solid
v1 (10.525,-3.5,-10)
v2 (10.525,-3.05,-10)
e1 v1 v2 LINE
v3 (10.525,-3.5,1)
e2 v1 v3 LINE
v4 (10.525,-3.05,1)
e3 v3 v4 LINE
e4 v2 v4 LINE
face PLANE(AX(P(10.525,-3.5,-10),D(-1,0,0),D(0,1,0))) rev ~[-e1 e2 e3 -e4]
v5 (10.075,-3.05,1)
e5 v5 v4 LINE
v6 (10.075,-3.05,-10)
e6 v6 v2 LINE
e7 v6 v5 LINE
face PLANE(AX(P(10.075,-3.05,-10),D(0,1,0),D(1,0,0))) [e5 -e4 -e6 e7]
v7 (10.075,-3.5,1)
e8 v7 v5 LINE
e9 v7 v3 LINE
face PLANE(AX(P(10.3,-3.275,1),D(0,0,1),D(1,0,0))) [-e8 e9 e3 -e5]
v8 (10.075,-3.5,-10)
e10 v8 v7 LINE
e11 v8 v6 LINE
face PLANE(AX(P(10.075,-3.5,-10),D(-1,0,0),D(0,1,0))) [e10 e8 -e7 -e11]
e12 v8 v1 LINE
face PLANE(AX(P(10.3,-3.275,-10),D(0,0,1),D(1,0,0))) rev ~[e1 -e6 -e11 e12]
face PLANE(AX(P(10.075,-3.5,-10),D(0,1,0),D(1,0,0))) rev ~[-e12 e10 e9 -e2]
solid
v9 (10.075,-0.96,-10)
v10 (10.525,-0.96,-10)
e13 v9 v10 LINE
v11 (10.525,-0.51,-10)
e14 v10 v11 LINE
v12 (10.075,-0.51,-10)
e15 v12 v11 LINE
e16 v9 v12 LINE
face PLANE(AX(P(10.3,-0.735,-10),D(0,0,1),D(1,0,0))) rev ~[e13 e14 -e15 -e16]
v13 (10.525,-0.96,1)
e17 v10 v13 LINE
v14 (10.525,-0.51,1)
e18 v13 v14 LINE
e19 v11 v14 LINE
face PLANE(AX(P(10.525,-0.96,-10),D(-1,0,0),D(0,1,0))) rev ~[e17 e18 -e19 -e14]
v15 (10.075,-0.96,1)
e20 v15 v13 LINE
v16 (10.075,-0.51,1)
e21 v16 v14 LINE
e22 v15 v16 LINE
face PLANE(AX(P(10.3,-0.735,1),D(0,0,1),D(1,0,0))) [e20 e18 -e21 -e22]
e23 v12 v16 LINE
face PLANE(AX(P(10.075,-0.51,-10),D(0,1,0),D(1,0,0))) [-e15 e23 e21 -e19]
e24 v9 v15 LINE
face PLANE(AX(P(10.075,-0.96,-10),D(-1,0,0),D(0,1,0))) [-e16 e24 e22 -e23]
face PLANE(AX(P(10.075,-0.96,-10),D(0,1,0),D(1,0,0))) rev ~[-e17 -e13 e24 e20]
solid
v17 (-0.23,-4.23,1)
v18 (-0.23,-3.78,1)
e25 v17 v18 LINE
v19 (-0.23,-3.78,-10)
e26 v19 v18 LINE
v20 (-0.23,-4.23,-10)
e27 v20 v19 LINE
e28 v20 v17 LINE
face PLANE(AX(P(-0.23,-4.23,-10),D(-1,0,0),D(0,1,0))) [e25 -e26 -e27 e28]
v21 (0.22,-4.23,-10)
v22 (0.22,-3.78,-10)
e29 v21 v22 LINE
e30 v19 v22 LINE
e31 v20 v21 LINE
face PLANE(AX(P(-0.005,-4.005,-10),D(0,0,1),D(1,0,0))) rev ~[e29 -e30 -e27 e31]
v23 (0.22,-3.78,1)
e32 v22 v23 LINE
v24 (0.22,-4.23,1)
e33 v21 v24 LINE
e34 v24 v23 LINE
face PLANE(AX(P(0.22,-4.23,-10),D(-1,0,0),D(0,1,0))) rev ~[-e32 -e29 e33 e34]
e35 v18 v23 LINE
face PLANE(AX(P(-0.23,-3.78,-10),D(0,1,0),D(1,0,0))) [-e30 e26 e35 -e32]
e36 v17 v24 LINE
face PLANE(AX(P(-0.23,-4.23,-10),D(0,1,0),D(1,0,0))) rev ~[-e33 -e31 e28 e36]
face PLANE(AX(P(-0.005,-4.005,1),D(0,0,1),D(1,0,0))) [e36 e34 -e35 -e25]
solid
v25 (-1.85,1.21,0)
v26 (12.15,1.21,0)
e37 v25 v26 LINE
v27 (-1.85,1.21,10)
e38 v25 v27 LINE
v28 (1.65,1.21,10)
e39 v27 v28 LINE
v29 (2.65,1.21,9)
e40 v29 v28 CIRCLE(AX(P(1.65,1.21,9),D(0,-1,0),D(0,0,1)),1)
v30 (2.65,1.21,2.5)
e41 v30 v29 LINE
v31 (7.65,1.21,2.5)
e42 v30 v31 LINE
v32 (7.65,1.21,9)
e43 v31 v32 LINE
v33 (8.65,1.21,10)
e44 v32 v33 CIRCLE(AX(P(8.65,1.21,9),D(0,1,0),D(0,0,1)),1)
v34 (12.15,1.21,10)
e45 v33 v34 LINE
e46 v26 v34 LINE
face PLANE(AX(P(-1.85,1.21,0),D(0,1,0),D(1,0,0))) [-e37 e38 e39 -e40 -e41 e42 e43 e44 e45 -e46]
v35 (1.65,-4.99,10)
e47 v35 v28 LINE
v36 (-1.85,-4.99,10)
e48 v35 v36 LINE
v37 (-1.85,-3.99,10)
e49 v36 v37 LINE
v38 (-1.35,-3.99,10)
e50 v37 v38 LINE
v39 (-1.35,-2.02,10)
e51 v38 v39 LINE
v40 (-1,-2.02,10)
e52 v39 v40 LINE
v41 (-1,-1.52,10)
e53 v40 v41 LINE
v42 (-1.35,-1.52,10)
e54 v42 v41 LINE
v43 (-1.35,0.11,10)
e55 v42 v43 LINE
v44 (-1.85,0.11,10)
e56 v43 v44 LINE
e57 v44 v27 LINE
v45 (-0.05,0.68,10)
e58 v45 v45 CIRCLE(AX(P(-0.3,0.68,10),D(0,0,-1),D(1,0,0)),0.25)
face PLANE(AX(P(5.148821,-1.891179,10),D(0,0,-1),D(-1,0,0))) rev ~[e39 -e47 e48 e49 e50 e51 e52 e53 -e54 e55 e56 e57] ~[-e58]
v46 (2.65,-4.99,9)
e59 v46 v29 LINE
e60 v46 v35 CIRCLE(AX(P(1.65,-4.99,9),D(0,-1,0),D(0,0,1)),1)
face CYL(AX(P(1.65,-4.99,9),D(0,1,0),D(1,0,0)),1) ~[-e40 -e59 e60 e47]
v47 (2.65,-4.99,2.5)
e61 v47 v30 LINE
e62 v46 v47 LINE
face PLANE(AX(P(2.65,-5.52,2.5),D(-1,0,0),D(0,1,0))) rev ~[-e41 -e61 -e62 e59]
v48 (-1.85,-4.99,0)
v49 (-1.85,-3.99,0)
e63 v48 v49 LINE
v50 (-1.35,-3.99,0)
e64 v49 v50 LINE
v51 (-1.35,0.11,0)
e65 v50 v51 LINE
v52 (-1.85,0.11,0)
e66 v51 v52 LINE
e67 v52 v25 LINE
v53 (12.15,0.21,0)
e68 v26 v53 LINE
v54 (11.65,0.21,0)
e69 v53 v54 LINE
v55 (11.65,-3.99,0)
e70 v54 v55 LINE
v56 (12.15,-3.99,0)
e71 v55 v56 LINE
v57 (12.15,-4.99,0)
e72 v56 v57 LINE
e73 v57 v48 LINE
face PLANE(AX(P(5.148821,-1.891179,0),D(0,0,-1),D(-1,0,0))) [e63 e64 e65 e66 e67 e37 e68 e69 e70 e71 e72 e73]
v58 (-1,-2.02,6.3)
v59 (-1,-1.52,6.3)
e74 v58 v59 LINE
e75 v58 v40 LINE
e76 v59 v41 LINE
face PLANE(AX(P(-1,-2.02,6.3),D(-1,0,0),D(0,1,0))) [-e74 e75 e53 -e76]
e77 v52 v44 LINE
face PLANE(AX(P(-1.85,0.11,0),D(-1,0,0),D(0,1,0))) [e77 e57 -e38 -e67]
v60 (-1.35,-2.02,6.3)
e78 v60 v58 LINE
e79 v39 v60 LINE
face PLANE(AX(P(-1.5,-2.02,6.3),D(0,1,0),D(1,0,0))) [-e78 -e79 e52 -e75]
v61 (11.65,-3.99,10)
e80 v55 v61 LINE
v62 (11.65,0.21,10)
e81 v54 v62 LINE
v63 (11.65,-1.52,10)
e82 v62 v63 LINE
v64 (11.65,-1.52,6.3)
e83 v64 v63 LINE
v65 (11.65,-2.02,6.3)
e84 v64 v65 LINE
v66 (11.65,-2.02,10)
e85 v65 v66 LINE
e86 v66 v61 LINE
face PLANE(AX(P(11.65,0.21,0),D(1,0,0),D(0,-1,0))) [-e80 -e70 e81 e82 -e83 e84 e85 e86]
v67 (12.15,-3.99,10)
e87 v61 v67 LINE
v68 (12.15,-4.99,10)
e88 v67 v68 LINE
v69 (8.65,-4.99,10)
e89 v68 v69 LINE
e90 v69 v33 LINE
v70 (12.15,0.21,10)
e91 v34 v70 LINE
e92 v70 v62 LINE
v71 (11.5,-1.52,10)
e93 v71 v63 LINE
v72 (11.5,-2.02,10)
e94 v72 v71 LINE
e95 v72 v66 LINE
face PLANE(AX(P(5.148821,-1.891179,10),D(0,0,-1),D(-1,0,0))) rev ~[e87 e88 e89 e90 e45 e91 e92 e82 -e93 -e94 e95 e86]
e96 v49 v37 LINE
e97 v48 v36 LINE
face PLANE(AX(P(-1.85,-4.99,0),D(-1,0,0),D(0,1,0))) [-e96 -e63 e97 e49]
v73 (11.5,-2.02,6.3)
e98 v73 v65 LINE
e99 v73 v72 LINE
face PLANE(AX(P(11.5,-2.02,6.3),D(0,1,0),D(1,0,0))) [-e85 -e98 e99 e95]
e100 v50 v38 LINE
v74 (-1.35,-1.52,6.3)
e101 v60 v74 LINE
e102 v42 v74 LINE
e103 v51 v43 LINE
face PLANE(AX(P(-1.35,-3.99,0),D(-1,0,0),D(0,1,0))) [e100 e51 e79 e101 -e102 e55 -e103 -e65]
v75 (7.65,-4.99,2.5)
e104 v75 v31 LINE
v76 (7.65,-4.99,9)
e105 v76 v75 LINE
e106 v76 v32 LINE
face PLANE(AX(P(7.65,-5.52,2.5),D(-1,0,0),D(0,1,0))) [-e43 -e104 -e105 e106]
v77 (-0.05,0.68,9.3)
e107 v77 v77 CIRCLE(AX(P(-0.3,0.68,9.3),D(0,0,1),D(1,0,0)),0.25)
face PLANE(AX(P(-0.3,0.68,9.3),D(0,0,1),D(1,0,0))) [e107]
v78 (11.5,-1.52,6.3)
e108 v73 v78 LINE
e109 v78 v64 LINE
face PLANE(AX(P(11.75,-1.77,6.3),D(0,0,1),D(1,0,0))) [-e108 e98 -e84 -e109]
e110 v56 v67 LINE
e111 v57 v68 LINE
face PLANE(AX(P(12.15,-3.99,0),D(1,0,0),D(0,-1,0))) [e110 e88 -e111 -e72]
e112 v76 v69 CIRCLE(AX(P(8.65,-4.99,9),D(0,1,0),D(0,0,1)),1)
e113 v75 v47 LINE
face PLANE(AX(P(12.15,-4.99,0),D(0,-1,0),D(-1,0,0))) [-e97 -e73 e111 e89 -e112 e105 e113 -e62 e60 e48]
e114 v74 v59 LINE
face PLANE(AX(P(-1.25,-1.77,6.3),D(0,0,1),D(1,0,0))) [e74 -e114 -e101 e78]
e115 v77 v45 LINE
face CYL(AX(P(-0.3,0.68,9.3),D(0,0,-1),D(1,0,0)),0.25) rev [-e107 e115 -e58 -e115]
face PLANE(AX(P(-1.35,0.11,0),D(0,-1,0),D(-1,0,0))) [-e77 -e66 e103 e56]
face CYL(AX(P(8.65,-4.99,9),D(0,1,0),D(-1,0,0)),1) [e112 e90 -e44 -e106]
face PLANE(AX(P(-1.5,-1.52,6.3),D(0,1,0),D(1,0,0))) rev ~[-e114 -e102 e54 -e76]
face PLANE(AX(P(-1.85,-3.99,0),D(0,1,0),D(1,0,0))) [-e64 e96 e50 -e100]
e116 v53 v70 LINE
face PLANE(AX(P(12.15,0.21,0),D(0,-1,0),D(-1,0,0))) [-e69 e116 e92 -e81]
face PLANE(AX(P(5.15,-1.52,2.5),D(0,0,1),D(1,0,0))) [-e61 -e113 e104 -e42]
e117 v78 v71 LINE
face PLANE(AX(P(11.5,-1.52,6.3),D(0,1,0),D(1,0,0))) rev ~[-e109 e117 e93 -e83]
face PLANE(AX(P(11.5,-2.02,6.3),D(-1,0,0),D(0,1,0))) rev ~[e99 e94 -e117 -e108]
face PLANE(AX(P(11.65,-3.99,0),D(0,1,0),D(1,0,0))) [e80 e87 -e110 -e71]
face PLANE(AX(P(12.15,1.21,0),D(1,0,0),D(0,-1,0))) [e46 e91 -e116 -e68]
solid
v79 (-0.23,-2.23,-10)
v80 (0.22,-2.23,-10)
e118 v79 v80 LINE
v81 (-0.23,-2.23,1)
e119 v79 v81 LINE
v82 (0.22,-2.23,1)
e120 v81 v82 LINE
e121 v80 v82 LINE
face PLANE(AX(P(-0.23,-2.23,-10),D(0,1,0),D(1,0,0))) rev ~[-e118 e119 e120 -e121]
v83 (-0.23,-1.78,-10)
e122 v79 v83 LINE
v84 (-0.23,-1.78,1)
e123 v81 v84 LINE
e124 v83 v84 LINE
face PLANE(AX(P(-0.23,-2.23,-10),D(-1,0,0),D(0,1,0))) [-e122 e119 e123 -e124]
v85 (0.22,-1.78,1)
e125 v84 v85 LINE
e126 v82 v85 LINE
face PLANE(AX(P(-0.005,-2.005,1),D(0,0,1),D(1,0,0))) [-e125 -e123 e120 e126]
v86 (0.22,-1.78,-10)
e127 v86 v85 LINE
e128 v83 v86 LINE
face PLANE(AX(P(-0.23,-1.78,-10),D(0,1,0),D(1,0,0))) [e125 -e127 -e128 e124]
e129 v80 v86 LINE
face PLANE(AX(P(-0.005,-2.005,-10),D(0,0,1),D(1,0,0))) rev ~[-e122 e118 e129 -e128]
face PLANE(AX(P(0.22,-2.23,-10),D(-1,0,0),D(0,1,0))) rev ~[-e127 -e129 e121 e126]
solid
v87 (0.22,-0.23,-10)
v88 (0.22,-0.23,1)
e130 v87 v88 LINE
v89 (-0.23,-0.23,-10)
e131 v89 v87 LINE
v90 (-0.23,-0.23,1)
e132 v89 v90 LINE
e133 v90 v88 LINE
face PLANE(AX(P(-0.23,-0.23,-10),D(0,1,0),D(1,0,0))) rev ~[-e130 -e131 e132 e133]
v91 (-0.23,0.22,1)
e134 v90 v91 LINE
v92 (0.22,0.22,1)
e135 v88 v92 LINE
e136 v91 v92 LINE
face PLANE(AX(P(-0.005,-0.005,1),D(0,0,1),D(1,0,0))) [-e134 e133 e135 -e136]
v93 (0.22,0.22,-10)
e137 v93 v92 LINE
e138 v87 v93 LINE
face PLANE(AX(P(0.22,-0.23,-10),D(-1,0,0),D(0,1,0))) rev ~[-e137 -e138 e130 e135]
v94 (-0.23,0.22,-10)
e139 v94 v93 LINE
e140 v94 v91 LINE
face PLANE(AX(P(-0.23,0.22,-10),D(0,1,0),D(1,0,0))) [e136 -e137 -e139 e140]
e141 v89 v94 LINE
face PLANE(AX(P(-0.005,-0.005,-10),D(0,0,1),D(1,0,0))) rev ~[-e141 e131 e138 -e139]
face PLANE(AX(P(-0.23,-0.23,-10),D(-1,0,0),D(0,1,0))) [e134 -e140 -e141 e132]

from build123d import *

# Parameters (mm, degrees)
BOX_W             = 0.45
BOX_H             = 0.45
BOX_DEPTH         = 11
BOX001_W          = 0.45
BOX001_H          = 0.45
BOX001_DEPTH      = 11
BOX002_W          = 0.45
BOX002_H          = 0.45
BOX002_DEPTH      = 11
BOX003_W          = 0.45
BOX003_H          = 0.45
BOX003_DEPTH      = 11
BOX004_W          = 0.45
BOX004_H          = 0.45
BOX004_DEPTH      = 11
CYLINDER002_R     = 0.25
CYLINDER002_DEPTH = 1
BOX006_W          = 0.5
BOX006_H          = 0.5
BOX006_DEPTH      = 4
BOX007_W          = 0.5
BOX007_H          = 0.5
BOX007_DEPTH      = 4
BOX005_W          = 5
BOX005_H          = 8
BOX005_DEPTH      = 7.5
PAD_DEPTH         = 10
FILLET_R          = 1
FILLET001_R       = 1


with BuildPart() as pin001:
    # Box → Box (new body)
    with BuildSketch(Plane(origin=(-0.23, -0.23, -10), x_dir=(1, 0, 0), z_dir=(0, 0, 1))):
        with Locations((0.225, 0.225)):
            Rectangle(BOX_W, BOX_H)
    extrude(amount=BOX_DEPTH)


with BuildPart() as pin003:
    # Box001 → Box001 (new body)
    with BuildSketch(Plane(origin=(-0.23, -4.23, -10), x_dir=(1, 0, 0), z_dir=(0, 0, 1))):
        with Locations((0.225, 0.225)):
            Rectangle(BOX001_W, BOX001_H)
    extrude(amount=BOX001_DEPTH)


with BuildPart() as pin005:
    # Box002 → Box002 (new body)
    with BuildSketch(Plane(origin=(10.075, -0.96, -10), x_dir=(1, 0, 0), z_dir=(0, 0, 1))):
        with Locations((0.225, 0.225)):
            Rectangle(BOX002_W, BOX002_H)
    extrude(amount=BOX002_DEPTH)


with BuildPart() as pin002:
    # Box003 → Box003 (new body)
    with BuildSketch(Plane(origin=(-0.23, -2.23, -10), x_dir=(1, 0, 0), z_dir=(0, 0, 1))):
        with Locations((0.225, 0.225)):
            Rectangle(BOX003_W, BOX003_H)
    extrude(amount=BOX003_DEPTH)


with BuildPart() as pin004:
    # Box004 → Box004 (new body)
    with BuildSketch(Plane(origin=(10.075, -3.5, -10), x_dir=(1, 0, 0), z_dir=(0, 0, 1))):
        with Locations((0.225, 0.225)):
            Rectangle(BOX004_W, BOX004_H)
    extrude(amount=BOX004_DEPTH)


with BuildPart() as vcc_marking:
    # Cylinder002 → Cylinder002 (new body)
    with BuildSketch(Plane(origin=(-0.3, 1.2, 10), x_dir=(1, 0, 0), z_dir=(0, 0, 1))):
        Circle(CYLINDER002_R)
    extrude(amount=CYLINDER002_DEPTH)


with BuildPart() as kub006:
    # Box006 → Box006 (new body)
    with BuildSketch(Plane(origin=(-1.5, -1.5, 7), x_dir=(1, 0, 0), z_dir=(0, 0, 1))):
        with Locations((0.25, 0.25)):
            Rectangle(BOX006_W, BOX006_H)
    extrude(amount=BOX006_DEPTH)


with BuildPart() as kub007:
    # Box007 → Box007 (new body)
    with BuildSketch(Plane(origin=(11.5, -1.5, 7), x_dir=(1, 0, 0), z_dir=(0, 0, 1))):
        with Locations((0.25, 0.25)):
            Rectangle(BOX007_W, BOX007_H)
    extrude(amount=BOX007_DEPTH)


with BuildPart() as kub005:
    # Box005 → Box005 (new body)
    with BuildSketch(Plane(origin=(2.65, -5, 3.2), x_dir=(1, 0, 0), z_dir=(0, 0, 1))):
        with Locations((2.5, 4)):
            Rectangle(BOX005_W, BOX005_H)
    extrude(amount=BOX005_DEPTH)


with BuildPart() as fillet001:
    # Sketch → Pad (new body)
    with BuildSketch(Plane.XY):
        Polygon((-1.85, 1.73), (12.15, 1.73), (12.15, 0.73), (11.65, 0.73), (11.65, -3.47), (12.15, -3.47), (12.15, -4.47), (-1.85, -4.47), (-1.85, -3.47), (-1.35, -3.47), (-1.35, 0.63), (-1.85, 0.63), align=None)
    extrude(amount=PAD_DEPTH)


with BuildPart() as fillet001_1:
    # Body placement: moved
    add(fillet001.part.moved(Location((0, 0, 0.7))))

    # Cut: cut Kub005
    add(kub005.part, mode=Mode.SUBTRACT)

    # Cut001: cut Kub007
    add(kub007.part, mode=Mode.SUBTRACT)

    # Cut002: cut Kub006
    add(kub006.part, mode=Mode.SUBTRACT)

    # Cut003: cut VCC marking
    add(vcc_marking.part, mode=Mode.SUBTRACT)


with BuildPart() as fillet001_2:
    # Cut003 placement: moved
    add(fillet001_1.part.moved(Location((0, -0.52, -0.7))))

    # Fillet
    fillet_edges = [fillet001_2.edges().sort_by_distance(p)[0] for p in [
        (2.65, -1.89, 10),
    ]]
    fillet(fillet_edges, radius=FILLET_R)

    # Fillet001
    fillet001_edges = [fillet001_2.edges().sort_by_distance(p)[0] for p in [
        (7.65, -1.89, 10),
    ]]
    fillet(fillet001_edges, radius=FILLET001_R)


solid = Compound([pin001.part, pin003.part, pin005.part, pin002.part, pin004.part, fillet001_2.part])
